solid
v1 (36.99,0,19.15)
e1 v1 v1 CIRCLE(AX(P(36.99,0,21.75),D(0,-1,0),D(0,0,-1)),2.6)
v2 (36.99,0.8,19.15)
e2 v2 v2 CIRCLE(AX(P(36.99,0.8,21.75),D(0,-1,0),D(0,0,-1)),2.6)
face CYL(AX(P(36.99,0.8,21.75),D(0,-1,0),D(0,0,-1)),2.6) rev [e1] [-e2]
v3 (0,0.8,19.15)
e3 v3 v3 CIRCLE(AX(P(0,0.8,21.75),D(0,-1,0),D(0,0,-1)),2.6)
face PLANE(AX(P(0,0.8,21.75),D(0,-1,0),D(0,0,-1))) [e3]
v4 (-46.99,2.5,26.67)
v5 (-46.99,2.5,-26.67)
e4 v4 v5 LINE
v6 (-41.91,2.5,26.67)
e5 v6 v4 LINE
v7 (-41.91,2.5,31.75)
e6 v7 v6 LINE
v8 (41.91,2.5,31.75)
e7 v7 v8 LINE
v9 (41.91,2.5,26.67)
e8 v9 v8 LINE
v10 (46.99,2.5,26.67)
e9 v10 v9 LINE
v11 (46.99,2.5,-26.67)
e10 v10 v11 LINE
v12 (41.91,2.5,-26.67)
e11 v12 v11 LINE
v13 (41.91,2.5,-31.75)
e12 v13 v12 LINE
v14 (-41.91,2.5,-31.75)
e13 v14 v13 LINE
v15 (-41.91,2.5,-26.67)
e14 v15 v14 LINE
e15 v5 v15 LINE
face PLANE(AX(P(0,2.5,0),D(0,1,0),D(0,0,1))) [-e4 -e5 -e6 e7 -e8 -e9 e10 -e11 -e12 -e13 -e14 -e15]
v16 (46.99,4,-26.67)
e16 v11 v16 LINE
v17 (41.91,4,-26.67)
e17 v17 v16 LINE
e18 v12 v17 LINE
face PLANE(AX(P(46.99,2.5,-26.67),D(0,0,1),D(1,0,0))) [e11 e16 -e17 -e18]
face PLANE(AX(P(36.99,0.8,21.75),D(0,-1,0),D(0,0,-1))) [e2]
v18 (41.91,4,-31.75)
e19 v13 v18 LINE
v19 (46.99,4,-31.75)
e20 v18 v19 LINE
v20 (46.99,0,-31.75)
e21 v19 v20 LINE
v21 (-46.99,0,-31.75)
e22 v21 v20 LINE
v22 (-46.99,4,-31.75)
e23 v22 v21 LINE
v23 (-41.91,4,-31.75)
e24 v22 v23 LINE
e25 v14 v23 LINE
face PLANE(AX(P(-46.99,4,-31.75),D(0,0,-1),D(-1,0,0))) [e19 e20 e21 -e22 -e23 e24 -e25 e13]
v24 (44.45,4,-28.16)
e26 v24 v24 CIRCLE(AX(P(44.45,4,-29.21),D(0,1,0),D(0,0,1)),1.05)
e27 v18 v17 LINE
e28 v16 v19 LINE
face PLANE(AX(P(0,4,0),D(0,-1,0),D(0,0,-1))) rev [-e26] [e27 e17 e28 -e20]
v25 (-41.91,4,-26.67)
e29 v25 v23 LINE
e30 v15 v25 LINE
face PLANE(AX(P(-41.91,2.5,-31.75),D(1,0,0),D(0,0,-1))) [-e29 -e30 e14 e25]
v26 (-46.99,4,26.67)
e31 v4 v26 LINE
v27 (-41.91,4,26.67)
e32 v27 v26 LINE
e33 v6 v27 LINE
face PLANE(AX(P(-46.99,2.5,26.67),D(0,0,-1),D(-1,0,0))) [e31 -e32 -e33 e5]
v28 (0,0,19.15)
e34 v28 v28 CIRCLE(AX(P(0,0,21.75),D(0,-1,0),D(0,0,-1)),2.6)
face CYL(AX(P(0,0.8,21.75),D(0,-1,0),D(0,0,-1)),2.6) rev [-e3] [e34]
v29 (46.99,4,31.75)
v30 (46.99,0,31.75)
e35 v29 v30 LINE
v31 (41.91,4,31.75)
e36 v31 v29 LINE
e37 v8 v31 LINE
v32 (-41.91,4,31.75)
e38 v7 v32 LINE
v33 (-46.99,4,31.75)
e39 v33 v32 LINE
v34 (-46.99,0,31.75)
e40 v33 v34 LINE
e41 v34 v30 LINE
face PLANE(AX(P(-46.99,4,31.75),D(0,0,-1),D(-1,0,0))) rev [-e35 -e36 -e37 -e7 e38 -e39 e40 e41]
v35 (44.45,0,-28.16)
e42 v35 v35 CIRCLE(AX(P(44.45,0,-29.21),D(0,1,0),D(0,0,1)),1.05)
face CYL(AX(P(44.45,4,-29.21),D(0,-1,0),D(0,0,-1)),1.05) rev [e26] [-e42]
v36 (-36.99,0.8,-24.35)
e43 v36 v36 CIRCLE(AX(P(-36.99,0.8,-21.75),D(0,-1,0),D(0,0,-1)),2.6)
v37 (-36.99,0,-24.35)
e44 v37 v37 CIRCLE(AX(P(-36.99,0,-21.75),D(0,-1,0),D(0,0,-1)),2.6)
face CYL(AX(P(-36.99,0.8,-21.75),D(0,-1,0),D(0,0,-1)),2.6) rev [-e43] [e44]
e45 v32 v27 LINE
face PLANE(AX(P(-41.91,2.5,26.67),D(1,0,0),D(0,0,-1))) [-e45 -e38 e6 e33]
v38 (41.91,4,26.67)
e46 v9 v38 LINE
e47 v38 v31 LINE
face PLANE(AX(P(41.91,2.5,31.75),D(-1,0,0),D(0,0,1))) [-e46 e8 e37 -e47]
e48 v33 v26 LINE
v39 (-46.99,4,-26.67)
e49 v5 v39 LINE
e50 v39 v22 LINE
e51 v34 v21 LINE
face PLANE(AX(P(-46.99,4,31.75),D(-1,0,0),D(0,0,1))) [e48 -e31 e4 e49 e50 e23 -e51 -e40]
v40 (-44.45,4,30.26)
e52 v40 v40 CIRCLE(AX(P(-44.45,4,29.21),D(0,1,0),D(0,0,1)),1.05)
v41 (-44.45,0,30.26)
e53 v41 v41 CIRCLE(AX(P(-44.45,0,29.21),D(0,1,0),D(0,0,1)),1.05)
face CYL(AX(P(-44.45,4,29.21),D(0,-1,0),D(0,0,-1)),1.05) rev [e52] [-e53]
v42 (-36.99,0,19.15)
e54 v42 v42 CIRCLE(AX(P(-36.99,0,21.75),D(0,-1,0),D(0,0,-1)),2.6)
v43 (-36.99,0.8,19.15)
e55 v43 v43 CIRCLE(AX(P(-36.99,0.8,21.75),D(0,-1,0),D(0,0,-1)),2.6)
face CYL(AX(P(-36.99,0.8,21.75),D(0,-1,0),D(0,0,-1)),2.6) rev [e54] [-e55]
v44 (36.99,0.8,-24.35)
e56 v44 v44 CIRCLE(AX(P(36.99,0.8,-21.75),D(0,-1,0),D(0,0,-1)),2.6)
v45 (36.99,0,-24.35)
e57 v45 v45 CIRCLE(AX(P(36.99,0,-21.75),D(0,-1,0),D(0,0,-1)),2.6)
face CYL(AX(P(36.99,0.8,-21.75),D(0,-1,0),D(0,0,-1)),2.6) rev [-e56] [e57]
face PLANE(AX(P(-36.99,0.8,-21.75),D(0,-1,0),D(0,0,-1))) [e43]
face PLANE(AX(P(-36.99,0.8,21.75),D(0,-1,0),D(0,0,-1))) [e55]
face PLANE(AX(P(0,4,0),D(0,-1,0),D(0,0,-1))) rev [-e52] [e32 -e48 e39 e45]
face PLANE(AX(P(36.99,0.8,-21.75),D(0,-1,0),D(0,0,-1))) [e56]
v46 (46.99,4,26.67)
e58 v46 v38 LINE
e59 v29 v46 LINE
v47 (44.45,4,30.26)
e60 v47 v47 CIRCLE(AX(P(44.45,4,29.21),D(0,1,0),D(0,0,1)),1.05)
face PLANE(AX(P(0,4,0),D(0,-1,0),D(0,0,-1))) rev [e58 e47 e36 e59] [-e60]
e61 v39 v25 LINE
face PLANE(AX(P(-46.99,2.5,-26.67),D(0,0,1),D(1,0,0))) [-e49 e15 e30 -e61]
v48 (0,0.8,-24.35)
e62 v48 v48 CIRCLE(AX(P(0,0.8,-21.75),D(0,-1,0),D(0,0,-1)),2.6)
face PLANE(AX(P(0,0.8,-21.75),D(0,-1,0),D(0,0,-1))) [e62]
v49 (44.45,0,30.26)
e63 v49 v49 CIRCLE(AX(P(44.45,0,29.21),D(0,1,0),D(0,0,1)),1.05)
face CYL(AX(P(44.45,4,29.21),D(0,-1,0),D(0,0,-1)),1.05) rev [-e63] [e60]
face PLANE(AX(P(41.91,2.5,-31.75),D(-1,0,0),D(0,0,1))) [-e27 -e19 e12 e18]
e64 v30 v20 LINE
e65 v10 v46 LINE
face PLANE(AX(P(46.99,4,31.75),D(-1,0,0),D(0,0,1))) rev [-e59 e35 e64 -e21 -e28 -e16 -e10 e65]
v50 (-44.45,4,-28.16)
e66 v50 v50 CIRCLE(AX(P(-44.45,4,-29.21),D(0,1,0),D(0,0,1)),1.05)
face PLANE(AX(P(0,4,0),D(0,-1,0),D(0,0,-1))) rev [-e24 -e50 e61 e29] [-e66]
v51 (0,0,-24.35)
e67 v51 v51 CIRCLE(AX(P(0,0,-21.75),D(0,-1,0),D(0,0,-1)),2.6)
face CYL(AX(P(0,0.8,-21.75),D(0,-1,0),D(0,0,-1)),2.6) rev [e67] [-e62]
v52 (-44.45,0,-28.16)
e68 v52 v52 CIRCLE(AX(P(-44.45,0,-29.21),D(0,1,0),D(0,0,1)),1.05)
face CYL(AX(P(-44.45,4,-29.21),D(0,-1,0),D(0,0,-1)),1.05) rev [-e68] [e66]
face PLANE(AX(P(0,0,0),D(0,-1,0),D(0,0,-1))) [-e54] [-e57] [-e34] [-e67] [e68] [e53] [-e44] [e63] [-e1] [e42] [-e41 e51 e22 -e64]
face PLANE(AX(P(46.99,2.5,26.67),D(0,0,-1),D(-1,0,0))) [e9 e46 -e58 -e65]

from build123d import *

# Parameters (mm, degrees)
SKETCH_1_W           = 93.98
SKETCH_1_H           = 63.5
SKETCH_1_R           = 1.05
EXTRUDE_1_DEPTH      = 4
SKETCH_2_OUTSIDE_W   = 118.678
SKETCH_2_OUTSIDE_H   = 88.198
SKETCH_2_OUTSIDE_W_2 = 5.08
SKETCH_2_OUTSIDE_H_2 = 5.08
CUT_EXTRUDE_1_DEPTH  = 1.5
SKETCH_3_R           = 2.6
CUT_EXTRUDE_2_DEPTH  = 0.8


with BuildPart() as part:
    # 草图1 → 凸台-拉伸1 (new body)
    with BuildSketch(Plane(origin=(0, 0, 0), x_dir=(1, 0, 0), z_dir=(0, 1, 0))):
        Rectangle(SKETCH_1_W, SKETCH_1_H)
        with Locations(Location((-44.45, 29.21, 0), (0, 0, 270))):
            Circle(SKETCH_1_R, mode=Mode.SUBTRACT)
        with Locations(Location((-44.45, -29.21, 0), (0, 0, 270))):
            Circle(SKETCH_1_R, mode=Mode.SUBTRACT)
        with Locations(Location((44.45, 29.21, 0), (0, 0, 270))):
            Circle(SKETCH_1_R, mode=Mode.SUBTRACT)
        with Locations(Location((44.45, -29.21, 0), (0, 0, 270))):
            Circle(SKETCH_1_R, mode=Mode.SUBTRACT)
    extrude(amount=EXTRUDE_1_DEPTH)

    # 草图2 outside → 切除-拉伸1 (cut)
    with BuildSketch(Plane(origin=(0, 4, 0), x_dir=(1, 0, 0), z_dir=(0, 1, 0))):
        Rectangle(SKETCH_2_OUTSIDE_W, SKETCH_2_OUTSIDE_H)
        with Locations((-44.45, 29.21)):
            Rectangle(SKETCH_2_OUTSIDE_W_2, SKETCH_2_OUTSIDE_H_2, mode=Mode.SUBTRACT)
        with Locations((-44.45, -29.21)):
            Rectangle(SKETCH_2_OUTSIDE_W_2, SKETCH_2_OUTSIDE_H_2, mode=Mode.SUBTRACT)
        with Locations((44.45, -29.21)):
            Rectangle(SKETCH_2_OUTSIDE_W_2, SKETCH_2_OUTSIDE_H_2, mode=Mode.SUBTRACT)
        with Locations((44.45, 29.21)):
            Rectangle(SKETCH_2_OUTSIDE_W_2, SKETCH_2_OUTSIDE_H_2, mode=Mode.SUBTRACT)
    extrude(amount=-CUT_EXTRUDE_1_DEPTH, mode=Mode.SUBTRACT)

    # 草图3 → 切除-拉伸2 (cut)
    with BuildSketch(Plane.XZ):
        with Locations(Location((-36.99, 21.75, 0), (0, 0, 270))):
            Circle(SKETCH_3_R)
        with Locations(Location((-36.99, -21.75, 0), (0, 0, 270))):
            Circle(SKETCH_3_R)
        with Locations(Location((0, 21.75, 0), (0, 0, 270))):
            Circle(SKETCH_3_R)
        with Locations(Location((0, -21.75, 0), (0, 0, 270))):
            Circle(SKETCH_3_R)
        with Locations(Location((36.99, 21.75, 0), (0, 0, 270))):
            Circle(SKETCH_3_R)
        with Locations(Location((36.99, -21.75, 0), (0, 0, 270))):
            Circle(SKETCH_3_R)
    extrude(amount=-CUT_EXTRUDE_2_DEPTH, mode=Mode.SUBTRACT)


solid = part.part
